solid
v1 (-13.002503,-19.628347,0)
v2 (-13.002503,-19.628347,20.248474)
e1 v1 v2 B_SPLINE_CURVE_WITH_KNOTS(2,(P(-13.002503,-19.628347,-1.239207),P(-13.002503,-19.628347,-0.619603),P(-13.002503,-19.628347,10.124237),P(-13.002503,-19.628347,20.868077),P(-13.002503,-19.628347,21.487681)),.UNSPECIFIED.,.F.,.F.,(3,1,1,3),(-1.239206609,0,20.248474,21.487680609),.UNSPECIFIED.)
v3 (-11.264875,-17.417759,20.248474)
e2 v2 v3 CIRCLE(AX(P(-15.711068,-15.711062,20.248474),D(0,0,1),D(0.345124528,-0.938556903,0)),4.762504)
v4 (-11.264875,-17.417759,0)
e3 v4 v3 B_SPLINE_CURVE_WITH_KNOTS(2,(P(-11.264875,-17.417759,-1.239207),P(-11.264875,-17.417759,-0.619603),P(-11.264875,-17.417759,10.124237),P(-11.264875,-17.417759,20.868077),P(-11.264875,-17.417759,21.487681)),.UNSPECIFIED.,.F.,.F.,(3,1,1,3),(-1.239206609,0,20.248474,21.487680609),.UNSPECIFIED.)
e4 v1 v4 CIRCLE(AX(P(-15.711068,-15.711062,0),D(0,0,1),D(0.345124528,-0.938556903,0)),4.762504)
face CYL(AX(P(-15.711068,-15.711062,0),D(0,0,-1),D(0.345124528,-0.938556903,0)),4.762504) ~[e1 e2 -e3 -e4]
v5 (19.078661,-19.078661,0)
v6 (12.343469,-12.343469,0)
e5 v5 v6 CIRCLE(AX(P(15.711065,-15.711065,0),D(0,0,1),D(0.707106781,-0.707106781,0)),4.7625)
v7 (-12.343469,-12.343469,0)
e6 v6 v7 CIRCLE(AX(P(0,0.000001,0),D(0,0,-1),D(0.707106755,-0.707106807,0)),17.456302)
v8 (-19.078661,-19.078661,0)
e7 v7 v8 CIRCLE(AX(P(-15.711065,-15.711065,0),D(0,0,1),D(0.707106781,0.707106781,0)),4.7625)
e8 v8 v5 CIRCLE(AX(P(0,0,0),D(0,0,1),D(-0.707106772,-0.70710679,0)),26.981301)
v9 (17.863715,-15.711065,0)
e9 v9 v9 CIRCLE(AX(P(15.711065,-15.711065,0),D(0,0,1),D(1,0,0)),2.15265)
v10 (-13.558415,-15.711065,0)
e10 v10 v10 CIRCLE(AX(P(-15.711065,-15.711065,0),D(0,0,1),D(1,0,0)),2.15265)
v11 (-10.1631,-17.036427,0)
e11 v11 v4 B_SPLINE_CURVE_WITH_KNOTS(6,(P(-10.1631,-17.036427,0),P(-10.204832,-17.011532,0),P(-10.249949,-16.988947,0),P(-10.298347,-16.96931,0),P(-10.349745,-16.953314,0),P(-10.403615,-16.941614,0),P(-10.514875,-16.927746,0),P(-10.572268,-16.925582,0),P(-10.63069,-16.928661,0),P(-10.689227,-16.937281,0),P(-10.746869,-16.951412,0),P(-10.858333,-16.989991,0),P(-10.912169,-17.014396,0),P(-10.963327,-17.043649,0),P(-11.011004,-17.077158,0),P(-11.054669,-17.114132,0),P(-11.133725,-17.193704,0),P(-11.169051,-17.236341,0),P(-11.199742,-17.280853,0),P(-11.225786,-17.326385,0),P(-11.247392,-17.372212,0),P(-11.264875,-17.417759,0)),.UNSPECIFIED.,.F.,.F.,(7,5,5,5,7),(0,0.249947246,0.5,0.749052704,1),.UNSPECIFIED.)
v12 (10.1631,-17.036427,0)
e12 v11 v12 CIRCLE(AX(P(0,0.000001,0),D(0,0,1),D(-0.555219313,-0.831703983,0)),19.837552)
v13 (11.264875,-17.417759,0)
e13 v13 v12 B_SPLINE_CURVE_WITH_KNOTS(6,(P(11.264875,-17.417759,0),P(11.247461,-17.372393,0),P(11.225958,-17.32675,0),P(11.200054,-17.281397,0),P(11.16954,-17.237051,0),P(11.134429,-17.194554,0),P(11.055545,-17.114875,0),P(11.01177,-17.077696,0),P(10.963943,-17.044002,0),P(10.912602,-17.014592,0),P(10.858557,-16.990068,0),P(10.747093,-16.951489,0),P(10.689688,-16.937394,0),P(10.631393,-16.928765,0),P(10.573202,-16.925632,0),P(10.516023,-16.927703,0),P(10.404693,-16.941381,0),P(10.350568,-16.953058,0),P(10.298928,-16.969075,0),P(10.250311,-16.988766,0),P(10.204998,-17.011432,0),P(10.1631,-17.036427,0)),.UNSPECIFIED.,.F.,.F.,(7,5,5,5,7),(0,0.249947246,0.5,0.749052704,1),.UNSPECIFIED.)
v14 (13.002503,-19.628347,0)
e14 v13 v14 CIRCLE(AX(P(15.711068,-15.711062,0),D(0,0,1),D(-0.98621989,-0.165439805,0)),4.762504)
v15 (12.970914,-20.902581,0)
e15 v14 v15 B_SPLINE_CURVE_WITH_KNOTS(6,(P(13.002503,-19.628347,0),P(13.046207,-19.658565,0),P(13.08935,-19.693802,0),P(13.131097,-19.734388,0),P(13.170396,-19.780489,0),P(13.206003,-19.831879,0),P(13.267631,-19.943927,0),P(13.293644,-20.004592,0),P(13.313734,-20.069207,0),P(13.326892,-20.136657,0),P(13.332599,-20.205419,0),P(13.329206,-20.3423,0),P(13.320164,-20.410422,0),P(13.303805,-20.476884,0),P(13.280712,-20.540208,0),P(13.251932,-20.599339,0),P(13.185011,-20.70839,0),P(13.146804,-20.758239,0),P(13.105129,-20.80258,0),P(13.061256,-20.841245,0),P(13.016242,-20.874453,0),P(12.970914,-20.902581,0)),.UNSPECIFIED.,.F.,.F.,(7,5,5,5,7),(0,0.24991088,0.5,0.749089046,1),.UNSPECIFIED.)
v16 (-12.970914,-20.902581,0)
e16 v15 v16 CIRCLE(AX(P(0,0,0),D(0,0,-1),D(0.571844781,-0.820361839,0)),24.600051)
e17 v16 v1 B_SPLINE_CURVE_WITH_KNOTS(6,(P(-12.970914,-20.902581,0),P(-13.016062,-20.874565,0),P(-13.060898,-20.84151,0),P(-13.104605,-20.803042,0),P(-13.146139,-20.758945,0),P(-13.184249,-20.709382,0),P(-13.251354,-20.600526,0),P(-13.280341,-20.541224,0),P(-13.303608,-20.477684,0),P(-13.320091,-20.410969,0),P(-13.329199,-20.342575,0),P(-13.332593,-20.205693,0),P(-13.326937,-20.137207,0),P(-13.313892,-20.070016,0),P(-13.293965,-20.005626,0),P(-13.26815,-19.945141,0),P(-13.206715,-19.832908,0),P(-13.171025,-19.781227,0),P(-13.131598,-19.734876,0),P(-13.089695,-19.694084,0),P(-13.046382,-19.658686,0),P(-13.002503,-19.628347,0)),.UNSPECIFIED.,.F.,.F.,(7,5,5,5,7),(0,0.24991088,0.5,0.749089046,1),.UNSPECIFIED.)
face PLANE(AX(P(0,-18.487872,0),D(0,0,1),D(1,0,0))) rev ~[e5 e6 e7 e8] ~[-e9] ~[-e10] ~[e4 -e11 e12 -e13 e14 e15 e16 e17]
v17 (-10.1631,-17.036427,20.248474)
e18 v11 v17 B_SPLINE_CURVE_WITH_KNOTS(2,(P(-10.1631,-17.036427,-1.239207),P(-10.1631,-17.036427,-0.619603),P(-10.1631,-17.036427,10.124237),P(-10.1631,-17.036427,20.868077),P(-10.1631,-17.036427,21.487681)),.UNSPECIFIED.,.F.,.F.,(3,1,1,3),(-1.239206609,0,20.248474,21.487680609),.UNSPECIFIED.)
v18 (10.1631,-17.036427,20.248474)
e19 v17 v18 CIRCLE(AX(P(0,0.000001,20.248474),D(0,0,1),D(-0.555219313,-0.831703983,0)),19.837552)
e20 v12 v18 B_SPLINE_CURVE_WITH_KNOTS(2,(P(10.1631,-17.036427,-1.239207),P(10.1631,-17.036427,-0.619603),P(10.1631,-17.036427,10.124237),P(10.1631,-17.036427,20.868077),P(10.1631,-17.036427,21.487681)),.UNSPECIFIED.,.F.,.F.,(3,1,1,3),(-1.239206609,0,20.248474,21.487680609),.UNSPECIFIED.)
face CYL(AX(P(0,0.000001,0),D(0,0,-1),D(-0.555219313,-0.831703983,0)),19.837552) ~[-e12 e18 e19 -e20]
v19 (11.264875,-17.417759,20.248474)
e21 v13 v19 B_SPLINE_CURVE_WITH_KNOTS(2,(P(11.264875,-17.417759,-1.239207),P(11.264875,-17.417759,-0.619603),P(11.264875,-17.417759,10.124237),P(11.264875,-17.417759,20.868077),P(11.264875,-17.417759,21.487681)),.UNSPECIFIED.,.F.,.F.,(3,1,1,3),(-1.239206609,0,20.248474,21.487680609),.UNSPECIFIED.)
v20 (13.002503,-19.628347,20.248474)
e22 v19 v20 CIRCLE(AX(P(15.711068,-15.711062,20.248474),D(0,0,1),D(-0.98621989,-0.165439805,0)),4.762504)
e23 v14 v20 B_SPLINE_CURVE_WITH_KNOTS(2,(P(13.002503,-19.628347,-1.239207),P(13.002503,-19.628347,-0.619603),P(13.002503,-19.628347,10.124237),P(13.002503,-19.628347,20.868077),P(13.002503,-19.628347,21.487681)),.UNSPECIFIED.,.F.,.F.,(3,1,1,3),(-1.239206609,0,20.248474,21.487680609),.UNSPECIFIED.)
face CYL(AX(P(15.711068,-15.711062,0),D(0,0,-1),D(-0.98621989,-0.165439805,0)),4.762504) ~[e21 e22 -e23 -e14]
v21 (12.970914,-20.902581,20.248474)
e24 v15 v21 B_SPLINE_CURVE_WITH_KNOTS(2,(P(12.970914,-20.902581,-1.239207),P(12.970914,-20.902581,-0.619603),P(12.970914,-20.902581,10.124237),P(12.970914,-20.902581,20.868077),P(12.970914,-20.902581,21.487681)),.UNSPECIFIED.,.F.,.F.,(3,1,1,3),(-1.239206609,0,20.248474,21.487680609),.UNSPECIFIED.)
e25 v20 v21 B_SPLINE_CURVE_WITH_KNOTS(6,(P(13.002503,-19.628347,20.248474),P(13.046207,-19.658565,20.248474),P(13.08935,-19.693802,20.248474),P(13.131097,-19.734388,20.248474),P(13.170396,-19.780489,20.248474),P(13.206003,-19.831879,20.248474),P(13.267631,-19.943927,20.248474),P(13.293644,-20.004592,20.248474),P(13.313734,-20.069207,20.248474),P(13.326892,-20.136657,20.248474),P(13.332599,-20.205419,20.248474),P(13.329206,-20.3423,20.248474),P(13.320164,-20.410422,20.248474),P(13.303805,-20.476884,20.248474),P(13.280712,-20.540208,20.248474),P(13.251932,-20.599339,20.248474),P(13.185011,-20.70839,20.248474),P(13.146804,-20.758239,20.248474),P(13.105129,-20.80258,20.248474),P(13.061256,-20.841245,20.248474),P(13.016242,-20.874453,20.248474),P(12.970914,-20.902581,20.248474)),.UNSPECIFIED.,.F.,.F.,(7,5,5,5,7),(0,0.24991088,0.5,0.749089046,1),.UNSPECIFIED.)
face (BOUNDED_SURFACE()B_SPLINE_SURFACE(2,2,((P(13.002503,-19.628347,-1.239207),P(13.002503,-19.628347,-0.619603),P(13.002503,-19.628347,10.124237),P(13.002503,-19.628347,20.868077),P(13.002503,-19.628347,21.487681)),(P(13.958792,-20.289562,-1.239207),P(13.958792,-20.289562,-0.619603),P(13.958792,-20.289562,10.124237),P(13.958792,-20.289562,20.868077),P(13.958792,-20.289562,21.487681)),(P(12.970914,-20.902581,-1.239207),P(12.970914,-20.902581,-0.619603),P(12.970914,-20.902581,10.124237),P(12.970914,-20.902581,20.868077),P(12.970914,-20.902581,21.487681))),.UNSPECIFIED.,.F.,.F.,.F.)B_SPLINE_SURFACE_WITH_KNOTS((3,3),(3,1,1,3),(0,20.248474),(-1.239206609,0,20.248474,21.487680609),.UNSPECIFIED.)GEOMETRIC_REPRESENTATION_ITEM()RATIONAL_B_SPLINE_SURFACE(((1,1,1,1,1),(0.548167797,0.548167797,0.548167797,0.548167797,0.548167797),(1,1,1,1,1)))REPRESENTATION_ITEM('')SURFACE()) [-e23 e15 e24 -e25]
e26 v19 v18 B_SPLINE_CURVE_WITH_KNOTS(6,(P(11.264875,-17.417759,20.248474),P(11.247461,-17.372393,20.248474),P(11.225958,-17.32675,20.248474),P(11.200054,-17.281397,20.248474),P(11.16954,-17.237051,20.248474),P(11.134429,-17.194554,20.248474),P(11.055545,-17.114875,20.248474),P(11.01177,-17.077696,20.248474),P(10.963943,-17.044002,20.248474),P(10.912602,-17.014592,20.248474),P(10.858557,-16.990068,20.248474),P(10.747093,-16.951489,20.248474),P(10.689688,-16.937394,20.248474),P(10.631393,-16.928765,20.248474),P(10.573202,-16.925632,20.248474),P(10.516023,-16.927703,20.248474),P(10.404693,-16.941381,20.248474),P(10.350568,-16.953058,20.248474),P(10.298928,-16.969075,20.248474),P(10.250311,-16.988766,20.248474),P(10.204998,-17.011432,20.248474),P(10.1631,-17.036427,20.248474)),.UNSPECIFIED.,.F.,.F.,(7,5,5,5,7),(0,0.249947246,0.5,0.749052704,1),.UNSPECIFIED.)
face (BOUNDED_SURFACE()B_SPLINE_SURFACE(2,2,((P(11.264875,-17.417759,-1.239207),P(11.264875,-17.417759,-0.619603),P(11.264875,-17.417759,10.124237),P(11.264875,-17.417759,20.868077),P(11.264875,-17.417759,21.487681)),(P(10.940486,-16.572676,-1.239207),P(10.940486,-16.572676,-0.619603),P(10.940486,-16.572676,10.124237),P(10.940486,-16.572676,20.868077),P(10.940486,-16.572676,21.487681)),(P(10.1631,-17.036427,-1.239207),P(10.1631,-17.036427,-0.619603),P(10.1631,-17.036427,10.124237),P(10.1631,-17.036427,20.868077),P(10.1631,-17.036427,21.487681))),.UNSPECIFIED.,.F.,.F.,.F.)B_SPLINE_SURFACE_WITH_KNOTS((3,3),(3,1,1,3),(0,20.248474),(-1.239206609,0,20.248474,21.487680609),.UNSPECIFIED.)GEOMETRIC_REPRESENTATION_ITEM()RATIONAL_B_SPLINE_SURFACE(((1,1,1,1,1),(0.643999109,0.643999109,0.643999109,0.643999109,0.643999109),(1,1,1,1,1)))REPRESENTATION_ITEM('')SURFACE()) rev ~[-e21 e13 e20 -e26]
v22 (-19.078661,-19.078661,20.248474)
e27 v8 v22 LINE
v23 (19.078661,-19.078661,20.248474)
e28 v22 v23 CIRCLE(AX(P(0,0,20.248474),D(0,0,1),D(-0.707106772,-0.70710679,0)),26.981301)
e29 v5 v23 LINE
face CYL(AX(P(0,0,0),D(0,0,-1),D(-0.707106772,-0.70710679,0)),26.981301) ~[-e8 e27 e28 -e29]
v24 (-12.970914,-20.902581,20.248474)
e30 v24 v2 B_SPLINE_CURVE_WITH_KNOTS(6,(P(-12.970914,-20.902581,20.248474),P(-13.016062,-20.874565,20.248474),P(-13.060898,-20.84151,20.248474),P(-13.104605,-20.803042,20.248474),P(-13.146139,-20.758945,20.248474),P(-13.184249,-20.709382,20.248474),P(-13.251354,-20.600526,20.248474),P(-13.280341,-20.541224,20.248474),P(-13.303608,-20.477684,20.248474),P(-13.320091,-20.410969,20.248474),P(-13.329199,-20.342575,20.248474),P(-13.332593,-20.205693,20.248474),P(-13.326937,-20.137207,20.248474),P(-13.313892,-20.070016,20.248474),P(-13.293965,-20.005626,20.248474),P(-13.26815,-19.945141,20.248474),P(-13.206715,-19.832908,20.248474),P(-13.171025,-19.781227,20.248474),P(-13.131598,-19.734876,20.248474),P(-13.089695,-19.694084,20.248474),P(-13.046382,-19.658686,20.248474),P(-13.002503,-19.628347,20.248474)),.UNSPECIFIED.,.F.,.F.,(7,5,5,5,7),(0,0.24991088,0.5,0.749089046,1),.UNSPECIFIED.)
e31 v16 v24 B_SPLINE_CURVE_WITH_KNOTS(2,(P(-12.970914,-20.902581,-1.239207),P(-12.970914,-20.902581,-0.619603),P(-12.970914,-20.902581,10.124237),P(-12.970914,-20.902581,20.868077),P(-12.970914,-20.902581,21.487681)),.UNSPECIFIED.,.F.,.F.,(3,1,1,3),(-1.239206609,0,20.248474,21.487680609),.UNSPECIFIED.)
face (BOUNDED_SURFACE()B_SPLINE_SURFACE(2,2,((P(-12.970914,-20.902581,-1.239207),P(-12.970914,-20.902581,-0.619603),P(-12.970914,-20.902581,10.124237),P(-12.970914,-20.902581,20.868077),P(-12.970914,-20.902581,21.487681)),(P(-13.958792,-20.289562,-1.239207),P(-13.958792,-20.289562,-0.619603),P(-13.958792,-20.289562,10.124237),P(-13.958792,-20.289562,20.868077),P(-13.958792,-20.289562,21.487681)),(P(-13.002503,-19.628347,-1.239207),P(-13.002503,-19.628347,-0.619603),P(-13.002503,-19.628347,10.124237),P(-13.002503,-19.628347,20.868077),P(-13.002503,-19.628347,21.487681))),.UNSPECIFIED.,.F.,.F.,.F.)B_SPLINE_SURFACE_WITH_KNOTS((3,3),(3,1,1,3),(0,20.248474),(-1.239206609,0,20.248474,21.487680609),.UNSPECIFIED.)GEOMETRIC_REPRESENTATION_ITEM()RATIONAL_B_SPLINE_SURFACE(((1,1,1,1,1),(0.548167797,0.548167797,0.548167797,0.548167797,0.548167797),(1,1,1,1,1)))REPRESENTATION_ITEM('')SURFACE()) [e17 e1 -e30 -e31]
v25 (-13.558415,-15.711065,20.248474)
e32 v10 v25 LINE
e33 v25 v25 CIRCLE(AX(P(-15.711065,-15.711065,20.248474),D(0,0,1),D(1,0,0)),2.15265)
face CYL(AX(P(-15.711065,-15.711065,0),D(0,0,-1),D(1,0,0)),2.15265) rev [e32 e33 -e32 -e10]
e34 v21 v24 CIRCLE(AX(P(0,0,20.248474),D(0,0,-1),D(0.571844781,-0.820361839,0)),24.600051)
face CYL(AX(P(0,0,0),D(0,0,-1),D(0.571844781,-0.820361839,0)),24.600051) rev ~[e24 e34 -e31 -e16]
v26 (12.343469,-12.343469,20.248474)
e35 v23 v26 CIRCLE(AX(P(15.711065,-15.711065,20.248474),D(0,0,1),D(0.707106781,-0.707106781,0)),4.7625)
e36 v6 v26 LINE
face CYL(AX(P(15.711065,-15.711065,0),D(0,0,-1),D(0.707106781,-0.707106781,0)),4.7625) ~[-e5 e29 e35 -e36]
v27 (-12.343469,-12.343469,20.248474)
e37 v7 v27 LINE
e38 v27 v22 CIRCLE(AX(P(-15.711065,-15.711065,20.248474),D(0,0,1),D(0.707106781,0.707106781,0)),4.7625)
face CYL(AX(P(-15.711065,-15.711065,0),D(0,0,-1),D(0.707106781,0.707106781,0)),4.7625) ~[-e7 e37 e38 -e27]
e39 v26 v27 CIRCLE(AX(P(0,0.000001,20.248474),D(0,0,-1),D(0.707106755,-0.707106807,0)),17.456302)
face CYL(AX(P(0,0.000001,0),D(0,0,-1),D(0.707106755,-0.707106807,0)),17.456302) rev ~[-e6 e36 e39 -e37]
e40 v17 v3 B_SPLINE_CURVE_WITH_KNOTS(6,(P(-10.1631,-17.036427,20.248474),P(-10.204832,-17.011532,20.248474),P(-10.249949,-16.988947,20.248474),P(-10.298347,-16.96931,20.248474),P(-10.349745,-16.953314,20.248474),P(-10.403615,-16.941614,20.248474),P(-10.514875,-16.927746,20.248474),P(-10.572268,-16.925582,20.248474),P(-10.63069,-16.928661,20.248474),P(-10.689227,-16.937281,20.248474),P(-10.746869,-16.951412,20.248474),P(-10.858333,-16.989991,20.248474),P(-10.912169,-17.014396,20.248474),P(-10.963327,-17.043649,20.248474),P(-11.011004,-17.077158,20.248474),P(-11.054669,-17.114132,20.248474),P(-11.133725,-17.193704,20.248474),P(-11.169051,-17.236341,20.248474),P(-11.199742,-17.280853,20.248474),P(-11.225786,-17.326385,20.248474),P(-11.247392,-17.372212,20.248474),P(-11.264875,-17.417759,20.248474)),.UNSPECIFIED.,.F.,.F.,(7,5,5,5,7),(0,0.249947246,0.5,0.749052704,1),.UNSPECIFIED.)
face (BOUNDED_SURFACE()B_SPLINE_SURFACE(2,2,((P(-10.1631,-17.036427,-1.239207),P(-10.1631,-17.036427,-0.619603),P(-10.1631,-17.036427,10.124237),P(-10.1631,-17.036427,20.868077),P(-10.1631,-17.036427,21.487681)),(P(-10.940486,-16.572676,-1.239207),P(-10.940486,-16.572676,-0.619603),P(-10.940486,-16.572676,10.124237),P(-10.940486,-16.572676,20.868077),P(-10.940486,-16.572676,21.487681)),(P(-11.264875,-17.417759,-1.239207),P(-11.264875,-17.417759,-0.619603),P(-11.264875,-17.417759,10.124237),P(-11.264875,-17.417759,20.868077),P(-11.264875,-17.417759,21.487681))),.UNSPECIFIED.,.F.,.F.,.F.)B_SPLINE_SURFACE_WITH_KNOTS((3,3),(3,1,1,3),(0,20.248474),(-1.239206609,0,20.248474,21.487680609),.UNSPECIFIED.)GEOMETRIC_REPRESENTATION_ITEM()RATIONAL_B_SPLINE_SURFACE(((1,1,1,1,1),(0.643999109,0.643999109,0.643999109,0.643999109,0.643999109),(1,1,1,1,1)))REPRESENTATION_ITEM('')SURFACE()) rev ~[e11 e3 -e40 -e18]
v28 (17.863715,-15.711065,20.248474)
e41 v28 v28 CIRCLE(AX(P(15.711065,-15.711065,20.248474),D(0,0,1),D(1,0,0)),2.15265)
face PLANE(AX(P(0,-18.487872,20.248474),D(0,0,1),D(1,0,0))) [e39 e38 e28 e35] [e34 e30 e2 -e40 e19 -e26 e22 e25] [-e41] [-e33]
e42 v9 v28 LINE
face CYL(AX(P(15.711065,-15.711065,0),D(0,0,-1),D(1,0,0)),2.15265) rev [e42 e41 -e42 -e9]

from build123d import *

# Parameters (mm, degrees)
F0_R     = 2.15265
F1_DEPTH = 20.248474
F2_R     = 0.762


with BuildPart() as f1:
    # F0 (on Top) → F1 (new body)
    with BuildSketch(Plane.XY):
        with BuildLine():
            ThreePointArc((12.343469, -12.343469), (0, -17.456301), (-12.343469, -12.343469))
            ThreePointArc((-12.343469, -12.343469), (-19.078661, -12.343469), (-19.078661, -19.078661))
            ThreePointArc((-19.078661, -19.078661), (0, -26.981301), (19.078661, -19.078661))
            ThreePointArc((19.078661, -19.078661), (19.078661, -12.343469), (12.343469, -12.343469))
        make_face()
        with BuildLine():
            ThreePointArc((14.067411, -20.180943), (0, -24.600051), (-14.067411, -20.180943))
            ThreePointArc((-14.067411, -20.180943), (-12.045032, -18.751066), (-11.014192, -16.49897))
            ThreePointArc((-11.014192, -16.49897), (0, -19.837551), (11.014192, -16.49897))
            ThreePointArc((11.014192, -16.49897), (12.045032, -18.751066), (14.067411, -20.180943))
        make_face(mode=Mode.SUBTRACT)
        with Locations((-15.711065, -15.711065)):
            Circle(F0_R, mode=Mode.SUBTRACT)
        with Locations((15.711065, -15.711065)):
            Circle(F0_R, mode=Mode.SUBTRACT)
    extrude(amount=F1_DEPTH)

    # F2
    f2_edges = [f1.edges().sort_by_distance(p)[0] for p in [
        (-11.014192, -16.49897, 10.124237),
        (-14.067411, -20.180943, 10.124237),
        (11.014192, -16.49897, 10.124237),
        (14.067411, -20.180943, 10.124237),
    ]]
    fillet(f2_edges, radius=F2_R)


solid = f1.part
